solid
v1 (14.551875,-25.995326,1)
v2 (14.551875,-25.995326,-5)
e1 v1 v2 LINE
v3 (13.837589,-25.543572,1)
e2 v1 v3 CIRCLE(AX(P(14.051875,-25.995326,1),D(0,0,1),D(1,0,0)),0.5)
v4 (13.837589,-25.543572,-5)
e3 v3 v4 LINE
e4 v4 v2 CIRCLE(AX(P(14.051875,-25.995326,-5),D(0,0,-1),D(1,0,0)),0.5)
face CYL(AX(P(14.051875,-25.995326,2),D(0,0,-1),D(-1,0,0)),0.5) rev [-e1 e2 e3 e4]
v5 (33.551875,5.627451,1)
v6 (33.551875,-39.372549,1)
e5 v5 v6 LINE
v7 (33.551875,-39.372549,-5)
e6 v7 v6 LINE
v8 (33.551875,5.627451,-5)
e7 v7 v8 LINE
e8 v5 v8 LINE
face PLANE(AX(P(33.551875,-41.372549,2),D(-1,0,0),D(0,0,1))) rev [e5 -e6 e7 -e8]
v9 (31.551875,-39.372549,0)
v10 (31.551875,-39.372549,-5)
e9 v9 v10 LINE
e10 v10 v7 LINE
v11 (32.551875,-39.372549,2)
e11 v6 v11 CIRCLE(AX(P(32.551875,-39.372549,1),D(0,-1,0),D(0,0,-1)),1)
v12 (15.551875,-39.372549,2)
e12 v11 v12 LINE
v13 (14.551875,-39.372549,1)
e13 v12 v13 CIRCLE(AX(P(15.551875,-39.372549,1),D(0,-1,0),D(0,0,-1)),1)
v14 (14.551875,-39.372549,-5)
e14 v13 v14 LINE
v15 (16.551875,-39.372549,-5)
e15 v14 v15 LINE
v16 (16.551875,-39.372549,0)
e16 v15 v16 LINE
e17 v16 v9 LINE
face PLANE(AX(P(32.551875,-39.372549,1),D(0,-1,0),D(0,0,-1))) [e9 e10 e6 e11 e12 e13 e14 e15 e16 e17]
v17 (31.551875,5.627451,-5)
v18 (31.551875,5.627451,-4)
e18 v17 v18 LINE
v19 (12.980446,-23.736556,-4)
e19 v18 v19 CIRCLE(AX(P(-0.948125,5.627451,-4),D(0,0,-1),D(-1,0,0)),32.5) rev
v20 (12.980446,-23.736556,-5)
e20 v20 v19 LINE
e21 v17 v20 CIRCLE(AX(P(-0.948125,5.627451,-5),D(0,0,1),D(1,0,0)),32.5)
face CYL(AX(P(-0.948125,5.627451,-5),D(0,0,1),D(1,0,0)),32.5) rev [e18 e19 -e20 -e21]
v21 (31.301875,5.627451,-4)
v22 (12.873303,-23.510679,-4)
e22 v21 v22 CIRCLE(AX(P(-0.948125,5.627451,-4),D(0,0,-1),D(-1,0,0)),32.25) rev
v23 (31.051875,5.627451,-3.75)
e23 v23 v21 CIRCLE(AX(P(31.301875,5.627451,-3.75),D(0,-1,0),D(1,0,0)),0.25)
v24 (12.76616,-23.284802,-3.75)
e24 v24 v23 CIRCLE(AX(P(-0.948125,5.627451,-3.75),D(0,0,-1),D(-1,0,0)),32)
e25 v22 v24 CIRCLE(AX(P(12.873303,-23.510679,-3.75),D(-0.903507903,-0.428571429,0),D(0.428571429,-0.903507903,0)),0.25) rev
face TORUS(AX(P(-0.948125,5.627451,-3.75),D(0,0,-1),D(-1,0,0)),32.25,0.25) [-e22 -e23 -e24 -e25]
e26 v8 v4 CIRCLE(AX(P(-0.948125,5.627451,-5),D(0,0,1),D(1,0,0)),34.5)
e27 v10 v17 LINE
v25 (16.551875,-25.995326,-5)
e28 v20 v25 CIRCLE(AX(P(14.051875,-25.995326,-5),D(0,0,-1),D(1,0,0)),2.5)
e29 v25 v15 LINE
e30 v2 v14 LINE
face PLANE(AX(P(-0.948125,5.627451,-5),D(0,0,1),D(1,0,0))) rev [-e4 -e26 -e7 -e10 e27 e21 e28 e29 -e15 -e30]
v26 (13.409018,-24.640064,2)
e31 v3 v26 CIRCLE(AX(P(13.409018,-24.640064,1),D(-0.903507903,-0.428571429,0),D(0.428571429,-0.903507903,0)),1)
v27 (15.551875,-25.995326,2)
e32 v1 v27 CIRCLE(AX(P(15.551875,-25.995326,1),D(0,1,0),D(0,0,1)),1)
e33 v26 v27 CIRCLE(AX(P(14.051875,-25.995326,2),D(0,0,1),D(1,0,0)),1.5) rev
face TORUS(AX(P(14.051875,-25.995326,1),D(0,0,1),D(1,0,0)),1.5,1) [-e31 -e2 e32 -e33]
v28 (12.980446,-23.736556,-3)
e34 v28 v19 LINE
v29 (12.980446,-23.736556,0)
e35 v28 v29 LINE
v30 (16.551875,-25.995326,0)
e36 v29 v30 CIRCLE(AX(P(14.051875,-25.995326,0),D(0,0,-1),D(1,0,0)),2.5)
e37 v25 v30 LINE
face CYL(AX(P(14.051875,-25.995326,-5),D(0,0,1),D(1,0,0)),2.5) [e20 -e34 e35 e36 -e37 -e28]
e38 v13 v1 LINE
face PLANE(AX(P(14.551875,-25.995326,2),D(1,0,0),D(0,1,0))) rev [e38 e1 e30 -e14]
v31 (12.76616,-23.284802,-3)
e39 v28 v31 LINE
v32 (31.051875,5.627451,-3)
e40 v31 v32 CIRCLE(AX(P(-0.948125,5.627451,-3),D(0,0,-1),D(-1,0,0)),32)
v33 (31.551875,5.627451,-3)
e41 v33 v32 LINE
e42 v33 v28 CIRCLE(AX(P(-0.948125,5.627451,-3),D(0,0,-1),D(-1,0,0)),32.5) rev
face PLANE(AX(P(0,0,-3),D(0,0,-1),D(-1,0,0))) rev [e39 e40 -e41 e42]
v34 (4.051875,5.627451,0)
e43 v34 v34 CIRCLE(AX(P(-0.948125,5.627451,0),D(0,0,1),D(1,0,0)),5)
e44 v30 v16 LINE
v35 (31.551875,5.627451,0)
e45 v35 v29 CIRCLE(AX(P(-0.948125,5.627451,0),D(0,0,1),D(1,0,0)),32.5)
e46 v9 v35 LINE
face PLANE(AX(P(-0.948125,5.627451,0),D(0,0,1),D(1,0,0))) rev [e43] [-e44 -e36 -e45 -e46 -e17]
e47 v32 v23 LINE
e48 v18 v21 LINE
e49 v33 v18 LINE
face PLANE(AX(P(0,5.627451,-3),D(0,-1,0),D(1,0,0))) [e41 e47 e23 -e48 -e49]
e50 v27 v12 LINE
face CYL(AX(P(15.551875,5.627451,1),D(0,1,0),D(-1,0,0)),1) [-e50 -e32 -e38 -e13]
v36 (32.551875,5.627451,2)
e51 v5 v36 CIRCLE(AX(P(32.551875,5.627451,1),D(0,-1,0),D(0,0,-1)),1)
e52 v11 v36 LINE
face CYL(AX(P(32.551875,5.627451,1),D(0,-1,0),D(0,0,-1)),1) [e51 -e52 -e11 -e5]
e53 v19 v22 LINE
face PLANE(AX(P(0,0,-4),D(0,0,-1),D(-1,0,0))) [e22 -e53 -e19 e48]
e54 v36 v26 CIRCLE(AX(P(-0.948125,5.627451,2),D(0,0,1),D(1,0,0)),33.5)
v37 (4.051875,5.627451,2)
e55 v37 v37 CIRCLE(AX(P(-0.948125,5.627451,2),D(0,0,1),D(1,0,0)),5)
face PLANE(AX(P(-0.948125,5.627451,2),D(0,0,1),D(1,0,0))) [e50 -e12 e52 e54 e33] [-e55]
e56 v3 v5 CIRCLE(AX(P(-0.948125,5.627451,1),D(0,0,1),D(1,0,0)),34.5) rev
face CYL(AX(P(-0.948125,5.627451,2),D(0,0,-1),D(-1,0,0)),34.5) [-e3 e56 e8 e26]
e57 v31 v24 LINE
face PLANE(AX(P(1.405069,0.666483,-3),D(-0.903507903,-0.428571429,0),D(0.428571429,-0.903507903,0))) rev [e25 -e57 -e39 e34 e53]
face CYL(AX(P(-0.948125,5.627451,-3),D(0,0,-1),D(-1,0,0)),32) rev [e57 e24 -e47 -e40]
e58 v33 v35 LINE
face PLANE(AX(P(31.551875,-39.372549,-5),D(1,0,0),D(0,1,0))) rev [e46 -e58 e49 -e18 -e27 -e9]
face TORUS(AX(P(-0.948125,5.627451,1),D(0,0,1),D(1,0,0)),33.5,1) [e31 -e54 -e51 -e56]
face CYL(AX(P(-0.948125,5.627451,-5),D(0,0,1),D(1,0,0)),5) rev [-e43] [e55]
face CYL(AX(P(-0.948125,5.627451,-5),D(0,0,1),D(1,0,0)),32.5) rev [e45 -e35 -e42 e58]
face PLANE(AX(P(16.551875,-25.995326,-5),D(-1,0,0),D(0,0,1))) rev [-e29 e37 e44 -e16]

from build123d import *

# Parameters (mm, degrees)
BOSS_EXTRU_1_DEPTH      = 2
BOSS_EXTRU_2_START      = -7
BOSS_EXTRU_2_DEPTH      = 5
BOSS_EXTRU_3_START      = -1
BOSS_EXTRU_3_DEPTH      = 1
CONG_1_R                = 0.25
BOSS_EXTRU_4_DEPTH      = 2
CONG_4_R                = 1
ESQUISSE5_R             = 5
ENL_V_MAT_EXTRU_1_DEPTH = 55.929567647
ESQUISSE6_W             = 15
ESQUISSE6_H             = 5
ENL_V_MAT_EXTRU_2_DEPTH = 2
ENL_V_MAT_EXTRU_3_DEPTH = 2


with BuildPart() as part:
    # Esquisse1 → Boss.-Extru.1 (new body)
    with BuildSketch(Plane.XY):
        with BuildLine():
            Line((31.551874669, -39.37254902), (31.551874669, 5.62745098))
            ThreePointArc((31.551874669, 5.62745098), (-28.41563861, 22.999431705), (12.980446097, -23.736555864))
            ThreePointArc((12.980446097, -23.736555864), (15.388180878, -23.882439984), (16.551874669, -25.995325621))
            Line((16.551874669, -25.995325621), (16.551874669, -39.37254902))
            Line((16.551874669, -39.37254902), (31.551874669, -39.37254902))
        make_face()
    extrude(amount=BOSS_EXTRU_1_DEPTH)



with BuildPart() as body_2:
    # Esquisse2 → Boss.-Extru.2 (new body)
    with BuildSketch(Plane.XY.offset(2).offset(BOSS_EXTRU_2_START)):
        with BuildLine():
            Line((14.551874669, -41.37254902), (33.551874669, -41.37254902))
            Line((33.551874669, -41.37254902), (33.551874669, 5.62745098))
            ThreePointArc((33.551874669, 5.62745098), (-30.105947119, 24.068476672), (13.837588955, -25.54357167))
            ThreePointArc((13.837588955, -25.54357167), (14.319135911, -25.572748494), (14.551874669, -25.995325621))
            Line((14.551874669, -25.995325621), (14.551874669, -41.37254902))
        make_face()
        with BuildLine():
            Line((16.551874669, -39.37254902), (31.551874669, -39.37254902))
            Line((31.551874669, -39.37254902), (31.551874669, 5.62745098))
            ThreePointArc((31.551874669, 5.62745098), (-28.41563861, 22.999431705), (12.980446097, -23.736555864))
            ThreePointArc((12.980446097, -23.736555864), (15.388180878, -23.882439984), (16.551874669, -25.995325621))
            Line((16.551874669, -25.995325621), (16.551874669, -39.37254902))
        make_face(mode=Mode.SUBTRACT)
    extrude(amount=BOSS_EXTRU_2_DEPTH)

    # Esquisse3 → Boss.-Extru.3 (add)
    with BuildSketch(Plane(origin=(0, 0, -5), x_dir=(-1, 0, 0), z_dir=(0, 0, -1)).offset(BOSS_EXTRU_3_START)):
        with BuildLine():
            ThreePointArc((-12.980446097, -23.736555864), (28.41563861, 22.999431705), (-31.551874669, 5.62745098))
            Line((-31.551874669, 5.62745098), (-31.051874669, 5.62745098))
            ThreePointArc((-31.051874669, 5.62745098), (27.993061483, 22.732170463), (-12.766160383, -23.284801913))
            Line((-12.766160383, -23.284801913), (-12.980446097, -23.736555864))
        make_face()
    extrude(amount=-BOSS_EXTRU_3_DEPTH)

    # Congé1
    cong_1_edges = [body_2.edges().sort_by_distance(p)[0] for p in [
        (-27.993061483, 22.732170463, -4),
    ]]
    fillet(cong_1_edges, radius=CONG_1_R)


with BuildPart() as part_1:
    add(part.part)

    add(body_2.part)  # Boss.-Extru.4 merges body 2
    # Esquisse4 → Boss.-Extru.4 (add)
    with BuildSketch(Plane.XY):
        with BuildLine():
            Line((14.551874669, -25.995325621), (14.551874669, -41.37254902))
            Line((14.551874669, -41.37254902), (33.551874669, -41.37254902))
            Line((33.551874669, -41.37254902), (33.551874669, 5.62745098))
            ThreePointArc((33.551874669, 5.62745098), (-30.105947119, 24.068476672), (13.837588955, -25.54357167))
            ThreePointArc((13.837588955, -25.54357167), (14.319135911, -25.572748494), (14.551874669, -25.995325621))
        make_face()
    extrude(amount=BOSS_EXTRU_4_DEPTH)

    # Congé4
    cong_4_edges = [part_1.edges().sort_by_distance(p)[0] for p in [
        (14.319135911, -25.572748494, 2),
        (14.551874669, -33.68393732, 2),
        (33.551874669, -17.87254902, 2),
        (-30.105947119, 24.068476672, 2),
    ]]
    fillet(cong_4_edges, radius=CONG_4_R)

    # Esquisse5 → Enlèv. mat.-Extru.1 (cut, through all)
    with BuildSketch(Plane.XY.offset(2)):
        with Locations((-0.948125331, 5.62745098)):
            Circle(ESQUISSE5_R)
    extrude(amount=-ENL_V_MAT_EXTRU_1_DEPTH, mode=Mode.SUBTRACT)

    # Esquisse6 → Enlèv. mat.-Extru.2 (cut)
    with BuildSketch(Plane.XZ.offset(41.37254902)):
        with Locations((24.051874669, -2.5)):
            Rectangle(ESQUISSE6_W, ESQUISSE6_H)
    extrude(amount=-ENL_V_MAT_EXTRU_2_DEPTH, mode=Mode.SUBTRACT)

    # Esquisse7 → Enlèv. mat.-Extru.3 (cut)
    with BuildSketch(Plane.XZ.offset(41.37254902)):
        with BuildLine():
            Line((14.551874669, -5), (16.551874669, -5))
            Line((16.551874669, -5), (16.551874669, 0))
            Line((16.551874669, 0), (31.551874669, 0))
            Line((31.551874669, 0), (31.551874669, -5))
            Line((31.551874669, -5), (33.551874669, -5))
            Line((33.551874669, -5), (33.551874669, 1))
            ThreePointArc((33.551874669, 1), (33.25898145, 1.707106781), (32.551874669, 2))
            Line((32.551874669, 2), (15.551874669, 2))
            ThreePointArc((15.551874669, 2), (14.844767888, 1.707106781), (14.551874669, 1))
            Line((14.551874669, 1), (14.551874669, -5))
        make_face()
    extrude(amount=-ENL_V_MAT_EXTRU_3_DEPTH, mode=Mode.SUBTRACT)


solid = part_1.part
